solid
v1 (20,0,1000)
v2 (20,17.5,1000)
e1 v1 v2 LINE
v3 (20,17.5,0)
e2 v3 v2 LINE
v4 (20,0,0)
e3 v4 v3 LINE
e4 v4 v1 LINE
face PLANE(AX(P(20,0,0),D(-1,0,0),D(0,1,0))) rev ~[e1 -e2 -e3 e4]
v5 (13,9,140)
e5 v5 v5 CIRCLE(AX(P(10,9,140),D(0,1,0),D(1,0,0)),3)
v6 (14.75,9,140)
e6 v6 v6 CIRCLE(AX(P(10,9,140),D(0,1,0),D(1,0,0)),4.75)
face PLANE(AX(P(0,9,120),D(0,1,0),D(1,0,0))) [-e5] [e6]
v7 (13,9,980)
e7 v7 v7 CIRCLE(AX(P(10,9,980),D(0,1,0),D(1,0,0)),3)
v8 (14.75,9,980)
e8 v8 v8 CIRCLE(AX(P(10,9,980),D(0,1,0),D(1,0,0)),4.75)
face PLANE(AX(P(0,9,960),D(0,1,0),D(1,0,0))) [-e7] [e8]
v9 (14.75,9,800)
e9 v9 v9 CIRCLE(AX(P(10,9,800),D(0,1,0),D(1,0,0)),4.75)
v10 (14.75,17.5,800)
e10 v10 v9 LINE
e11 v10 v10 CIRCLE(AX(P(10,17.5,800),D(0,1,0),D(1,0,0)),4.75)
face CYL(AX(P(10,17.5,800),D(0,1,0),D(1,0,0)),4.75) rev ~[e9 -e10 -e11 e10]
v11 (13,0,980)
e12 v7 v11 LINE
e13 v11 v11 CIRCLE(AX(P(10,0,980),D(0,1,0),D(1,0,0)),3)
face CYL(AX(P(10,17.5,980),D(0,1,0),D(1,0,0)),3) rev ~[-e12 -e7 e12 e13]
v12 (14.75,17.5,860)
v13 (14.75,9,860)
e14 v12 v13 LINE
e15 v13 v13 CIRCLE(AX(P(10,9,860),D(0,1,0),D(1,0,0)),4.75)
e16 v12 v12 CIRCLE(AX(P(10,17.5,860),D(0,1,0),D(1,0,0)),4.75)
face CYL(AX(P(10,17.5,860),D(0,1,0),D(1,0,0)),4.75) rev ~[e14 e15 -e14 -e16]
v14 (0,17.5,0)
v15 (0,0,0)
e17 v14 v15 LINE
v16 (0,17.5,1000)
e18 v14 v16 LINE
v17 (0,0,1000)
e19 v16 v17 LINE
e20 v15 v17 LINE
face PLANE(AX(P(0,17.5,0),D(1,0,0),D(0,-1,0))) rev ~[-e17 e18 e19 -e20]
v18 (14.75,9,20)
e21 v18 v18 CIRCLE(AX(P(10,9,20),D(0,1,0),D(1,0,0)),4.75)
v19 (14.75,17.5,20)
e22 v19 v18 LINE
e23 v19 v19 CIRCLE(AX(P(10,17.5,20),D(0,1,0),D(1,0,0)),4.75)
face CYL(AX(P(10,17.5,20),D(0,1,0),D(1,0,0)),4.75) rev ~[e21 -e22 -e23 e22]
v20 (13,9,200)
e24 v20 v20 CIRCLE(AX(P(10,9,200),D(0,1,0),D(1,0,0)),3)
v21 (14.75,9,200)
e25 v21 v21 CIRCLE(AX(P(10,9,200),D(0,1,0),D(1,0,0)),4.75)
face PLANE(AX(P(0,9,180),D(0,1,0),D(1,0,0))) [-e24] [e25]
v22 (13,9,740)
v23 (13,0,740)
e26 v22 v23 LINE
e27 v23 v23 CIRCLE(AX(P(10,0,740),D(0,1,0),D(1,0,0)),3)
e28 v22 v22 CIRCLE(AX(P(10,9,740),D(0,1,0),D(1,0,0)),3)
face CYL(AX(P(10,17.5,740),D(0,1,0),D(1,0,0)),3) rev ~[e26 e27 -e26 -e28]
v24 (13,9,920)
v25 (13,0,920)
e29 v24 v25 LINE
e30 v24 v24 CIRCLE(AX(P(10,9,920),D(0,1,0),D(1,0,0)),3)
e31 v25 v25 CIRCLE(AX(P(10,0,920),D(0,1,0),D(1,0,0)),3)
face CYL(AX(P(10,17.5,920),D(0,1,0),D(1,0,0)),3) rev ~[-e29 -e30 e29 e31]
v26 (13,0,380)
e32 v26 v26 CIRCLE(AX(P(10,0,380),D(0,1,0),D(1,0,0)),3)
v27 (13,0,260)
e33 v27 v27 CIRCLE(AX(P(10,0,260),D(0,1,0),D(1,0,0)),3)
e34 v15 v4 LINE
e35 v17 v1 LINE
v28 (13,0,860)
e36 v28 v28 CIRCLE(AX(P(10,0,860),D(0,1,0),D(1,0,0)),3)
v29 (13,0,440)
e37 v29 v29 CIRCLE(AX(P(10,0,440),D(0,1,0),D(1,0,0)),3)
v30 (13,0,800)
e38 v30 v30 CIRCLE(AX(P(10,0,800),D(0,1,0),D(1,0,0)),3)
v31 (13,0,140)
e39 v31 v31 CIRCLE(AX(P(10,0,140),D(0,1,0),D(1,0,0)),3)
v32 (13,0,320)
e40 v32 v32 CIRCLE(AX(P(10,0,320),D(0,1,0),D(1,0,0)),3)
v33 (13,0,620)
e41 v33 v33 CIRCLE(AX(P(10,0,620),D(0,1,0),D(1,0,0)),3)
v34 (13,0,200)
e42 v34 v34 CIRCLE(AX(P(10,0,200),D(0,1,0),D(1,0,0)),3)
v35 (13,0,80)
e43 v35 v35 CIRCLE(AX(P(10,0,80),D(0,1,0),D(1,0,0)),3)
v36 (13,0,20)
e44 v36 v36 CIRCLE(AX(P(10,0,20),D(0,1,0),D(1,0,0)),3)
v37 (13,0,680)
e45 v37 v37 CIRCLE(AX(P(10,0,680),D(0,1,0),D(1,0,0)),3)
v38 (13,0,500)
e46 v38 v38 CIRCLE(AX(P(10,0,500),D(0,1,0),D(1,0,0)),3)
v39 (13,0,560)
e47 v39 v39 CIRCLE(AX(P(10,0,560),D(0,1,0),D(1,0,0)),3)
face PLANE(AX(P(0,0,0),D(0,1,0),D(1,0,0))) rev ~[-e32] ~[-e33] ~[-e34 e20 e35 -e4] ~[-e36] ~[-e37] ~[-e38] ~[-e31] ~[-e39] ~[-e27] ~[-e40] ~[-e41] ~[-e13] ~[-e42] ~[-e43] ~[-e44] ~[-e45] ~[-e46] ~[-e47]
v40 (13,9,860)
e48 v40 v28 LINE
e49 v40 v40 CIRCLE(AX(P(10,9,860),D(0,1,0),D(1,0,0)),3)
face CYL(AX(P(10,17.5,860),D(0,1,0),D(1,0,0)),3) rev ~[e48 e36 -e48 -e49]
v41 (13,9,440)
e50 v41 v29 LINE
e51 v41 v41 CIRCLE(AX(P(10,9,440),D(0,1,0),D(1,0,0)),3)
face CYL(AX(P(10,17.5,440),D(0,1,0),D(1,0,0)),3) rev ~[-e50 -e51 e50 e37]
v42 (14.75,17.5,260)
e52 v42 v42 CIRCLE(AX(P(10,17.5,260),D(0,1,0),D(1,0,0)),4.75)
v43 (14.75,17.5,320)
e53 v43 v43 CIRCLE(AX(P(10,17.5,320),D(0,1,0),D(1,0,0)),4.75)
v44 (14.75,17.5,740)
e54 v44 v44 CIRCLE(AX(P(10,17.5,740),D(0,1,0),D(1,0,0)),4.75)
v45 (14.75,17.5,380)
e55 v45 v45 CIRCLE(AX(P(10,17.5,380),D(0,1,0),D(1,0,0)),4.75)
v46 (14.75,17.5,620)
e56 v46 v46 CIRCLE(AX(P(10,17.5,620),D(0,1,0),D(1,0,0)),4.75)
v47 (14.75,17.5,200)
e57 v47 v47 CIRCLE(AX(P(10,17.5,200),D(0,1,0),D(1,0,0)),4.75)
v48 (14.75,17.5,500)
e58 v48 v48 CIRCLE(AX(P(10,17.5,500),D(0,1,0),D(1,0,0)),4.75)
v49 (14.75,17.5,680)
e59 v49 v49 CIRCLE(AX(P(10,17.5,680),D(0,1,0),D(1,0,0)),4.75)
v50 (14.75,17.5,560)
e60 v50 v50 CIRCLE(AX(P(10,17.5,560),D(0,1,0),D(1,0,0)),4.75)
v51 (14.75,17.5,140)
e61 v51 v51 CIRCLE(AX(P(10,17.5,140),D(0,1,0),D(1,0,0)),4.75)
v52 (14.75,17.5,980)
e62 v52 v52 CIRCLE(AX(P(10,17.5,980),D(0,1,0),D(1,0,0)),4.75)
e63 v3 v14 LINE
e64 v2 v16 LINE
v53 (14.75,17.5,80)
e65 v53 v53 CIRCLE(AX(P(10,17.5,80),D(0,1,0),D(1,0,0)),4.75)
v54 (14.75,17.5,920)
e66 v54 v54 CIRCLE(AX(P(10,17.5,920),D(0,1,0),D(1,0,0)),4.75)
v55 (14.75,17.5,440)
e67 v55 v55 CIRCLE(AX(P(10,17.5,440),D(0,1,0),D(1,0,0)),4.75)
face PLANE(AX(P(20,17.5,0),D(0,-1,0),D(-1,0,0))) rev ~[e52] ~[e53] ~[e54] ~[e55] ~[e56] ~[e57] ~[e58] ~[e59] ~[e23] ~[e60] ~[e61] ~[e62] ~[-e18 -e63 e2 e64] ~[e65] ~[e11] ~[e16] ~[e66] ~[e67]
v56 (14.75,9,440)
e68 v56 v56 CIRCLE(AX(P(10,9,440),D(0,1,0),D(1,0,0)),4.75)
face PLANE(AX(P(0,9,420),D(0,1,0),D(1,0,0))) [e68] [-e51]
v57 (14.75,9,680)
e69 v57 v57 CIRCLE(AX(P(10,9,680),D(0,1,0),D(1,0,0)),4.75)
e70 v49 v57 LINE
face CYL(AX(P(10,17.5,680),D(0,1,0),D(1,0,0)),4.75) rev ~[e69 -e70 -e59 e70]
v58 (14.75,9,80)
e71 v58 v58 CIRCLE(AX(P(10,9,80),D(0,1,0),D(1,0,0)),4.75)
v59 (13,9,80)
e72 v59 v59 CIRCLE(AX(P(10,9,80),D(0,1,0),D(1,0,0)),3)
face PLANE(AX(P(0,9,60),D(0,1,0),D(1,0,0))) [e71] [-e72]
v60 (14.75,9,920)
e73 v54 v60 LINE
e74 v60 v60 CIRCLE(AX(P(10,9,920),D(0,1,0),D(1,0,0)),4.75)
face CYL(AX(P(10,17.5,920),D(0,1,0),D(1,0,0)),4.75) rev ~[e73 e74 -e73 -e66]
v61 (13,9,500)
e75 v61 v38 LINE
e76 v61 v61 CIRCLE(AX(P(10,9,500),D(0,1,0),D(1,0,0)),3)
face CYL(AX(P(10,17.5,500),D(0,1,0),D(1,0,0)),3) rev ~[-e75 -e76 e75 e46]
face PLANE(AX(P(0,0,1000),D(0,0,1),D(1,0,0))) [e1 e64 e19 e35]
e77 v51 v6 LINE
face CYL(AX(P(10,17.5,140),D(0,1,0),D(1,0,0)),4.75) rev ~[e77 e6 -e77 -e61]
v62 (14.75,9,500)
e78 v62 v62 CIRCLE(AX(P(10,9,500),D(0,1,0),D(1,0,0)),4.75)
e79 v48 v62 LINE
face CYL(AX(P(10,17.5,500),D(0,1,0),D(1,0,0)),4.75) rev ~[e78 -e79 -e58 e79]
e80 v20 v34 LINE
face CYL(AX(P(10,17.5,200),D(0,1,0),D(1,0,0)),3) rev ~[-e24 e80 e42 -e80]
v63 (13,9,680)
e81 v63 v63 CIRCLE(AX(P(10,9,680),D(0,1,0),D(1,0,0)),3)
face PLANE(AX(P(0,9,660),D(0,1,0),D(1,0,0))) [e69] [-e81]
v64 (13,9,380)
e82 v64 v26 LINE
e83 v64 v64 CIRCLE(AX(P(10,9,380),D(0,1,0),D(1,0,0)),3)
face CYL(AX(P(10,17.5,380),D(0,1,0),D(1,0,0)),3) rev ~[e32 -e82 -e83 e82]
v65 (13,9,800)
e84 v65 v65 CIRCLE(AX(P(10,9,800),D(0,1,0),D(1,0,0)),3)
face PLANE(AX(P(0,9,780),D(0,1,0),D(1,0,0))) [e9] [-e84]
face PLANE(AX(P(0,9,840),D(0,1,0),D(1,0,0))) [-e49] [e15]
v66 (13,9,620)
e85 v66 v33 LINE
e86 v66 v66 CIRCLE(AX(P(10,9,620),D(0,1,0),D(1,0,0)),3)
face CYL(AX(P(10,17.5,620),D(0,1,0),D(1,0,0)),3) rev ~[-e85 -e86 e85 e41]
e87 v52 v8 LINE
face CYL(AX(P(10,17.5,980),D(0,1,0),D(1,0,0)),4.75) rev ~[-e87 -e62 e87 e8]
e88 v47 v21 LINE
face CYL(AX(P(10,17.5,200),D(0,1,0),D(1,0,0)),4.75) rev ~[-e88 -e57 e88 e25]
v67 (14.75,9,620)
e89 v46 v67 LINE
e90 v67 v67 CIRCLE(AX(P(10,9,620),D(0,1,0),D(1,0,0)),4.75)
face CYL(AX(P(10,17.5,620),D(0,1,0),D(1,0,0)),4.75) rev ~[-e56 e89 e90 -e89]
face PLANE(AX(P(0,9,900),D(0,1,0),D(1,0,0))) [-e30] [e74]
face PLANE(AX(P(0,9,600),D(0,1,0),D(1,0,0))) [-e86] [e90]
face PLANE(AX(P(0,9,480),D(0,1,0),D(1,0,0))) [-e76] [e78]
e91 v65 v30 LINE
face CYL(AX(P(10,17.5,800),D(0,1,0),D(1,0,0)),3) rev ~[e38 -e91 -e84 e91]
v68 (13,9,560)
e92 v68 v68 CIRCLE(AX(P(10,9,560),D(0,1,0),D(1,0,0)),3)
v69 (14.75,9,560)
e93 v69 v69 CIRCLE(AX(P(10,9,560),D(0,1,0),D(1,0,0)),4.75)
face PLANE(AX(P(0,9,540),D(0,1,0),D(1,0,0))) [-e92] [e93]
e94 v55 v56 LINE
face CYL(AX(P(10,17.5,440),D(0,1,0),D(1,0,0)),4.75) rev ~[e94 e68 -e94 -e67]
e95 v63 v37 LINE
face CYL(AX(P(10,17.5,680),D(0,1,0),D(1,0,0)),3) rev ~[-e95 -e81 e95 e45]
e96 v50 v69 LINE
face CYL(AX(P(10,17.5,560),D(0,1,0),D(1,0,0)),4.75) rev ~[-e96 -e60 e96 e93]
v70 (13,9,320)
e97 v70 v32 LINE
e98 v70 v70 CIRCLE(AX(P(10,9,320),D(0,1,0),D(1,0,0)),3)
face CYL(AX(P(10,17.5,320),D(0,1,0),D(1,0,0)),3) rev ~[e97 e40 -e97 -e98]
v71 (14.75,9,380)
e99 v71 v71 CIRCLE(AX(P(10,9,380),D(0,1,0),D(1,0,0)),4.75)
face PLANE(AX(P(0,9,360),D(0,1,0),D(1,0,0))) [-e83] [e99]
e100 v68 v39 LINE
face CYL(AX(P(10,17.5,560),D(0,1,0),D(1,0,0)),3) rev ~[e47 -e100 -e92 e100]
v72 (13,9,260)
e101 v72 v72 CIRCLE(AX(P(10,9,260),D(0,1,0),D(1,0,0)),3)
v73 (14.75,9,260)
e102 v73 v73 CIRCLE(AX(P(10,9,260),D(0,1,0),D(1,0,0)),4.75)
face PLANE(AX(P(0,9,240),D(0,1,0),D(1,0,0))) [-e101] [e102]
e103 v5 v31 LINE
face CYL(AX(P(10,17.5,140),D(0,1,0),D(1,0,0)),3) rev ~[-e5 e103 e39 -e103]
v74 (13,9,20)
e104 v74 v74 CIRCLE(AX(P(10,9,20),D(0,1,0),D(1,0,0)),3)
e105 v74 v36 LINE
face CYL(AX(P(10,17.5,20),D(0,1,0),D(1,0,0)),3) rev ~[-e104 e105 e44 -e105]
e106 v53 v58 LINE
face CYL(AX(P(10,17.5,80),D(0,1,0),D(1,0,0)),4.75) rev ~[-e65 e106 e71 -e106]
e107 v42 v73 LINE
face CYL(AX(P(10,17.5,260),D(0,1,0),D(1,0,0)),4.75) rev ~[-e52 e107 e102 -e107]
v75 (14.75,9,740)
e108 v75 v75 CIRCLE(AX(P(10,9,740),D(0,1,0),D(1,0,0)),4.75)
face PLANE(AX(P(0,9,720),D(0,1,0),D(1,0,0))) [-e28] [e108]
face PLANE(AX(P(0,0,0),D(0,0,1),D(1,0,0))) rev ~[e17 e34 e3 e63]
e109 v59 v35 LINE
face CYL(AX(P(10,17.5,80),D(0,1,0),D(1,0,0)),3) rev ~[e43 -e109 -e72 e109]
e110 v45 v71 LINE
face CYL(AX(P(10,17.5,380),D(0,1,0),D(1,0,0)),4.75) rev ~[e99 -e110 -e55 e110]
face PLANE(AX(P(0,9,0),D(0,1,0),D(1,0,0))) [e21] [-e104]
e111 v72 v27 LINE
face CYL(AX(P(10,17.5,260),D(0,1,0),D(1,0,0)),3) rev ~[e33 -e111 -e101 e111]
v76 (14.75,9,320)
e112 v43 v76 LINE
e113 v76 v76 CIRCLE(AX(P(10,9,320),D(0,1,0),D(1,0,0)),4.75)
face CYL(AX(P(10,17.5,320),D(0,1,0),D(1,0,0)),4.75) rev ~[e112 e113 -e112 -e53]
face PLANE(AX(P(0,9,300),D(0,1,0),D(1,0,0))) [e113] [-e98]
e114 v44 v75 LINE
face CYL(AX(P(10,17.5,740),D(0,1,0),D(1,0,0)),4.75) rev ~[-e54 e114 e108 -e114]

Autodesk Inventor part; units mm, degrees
ref_plane "YZ Plane" through (0, 0, 0) normal (1, 0, 0) x (0, 1, 0)
ref_plane "XZ Plane" through (0, 0, 0) normal (0, 1, 0) x (-1, 0, 0)
ref_plane "XY Plane" through (0, 0, 0) normal (0, 0, 1) x (1, 0, 0)
sketch "Sketch1" plane through (0, 0, 0) normal (0, 0, 1) x (1, 0, 0)
  line L0 (0, 0) -> (20, 0)
  line L1 (20, 0) -> (20, 17.5)
  line L2 (20, 17.5) -> (0, 17.5)
  line L3 (0, 17.5) -> (0, 0)
  dimension "d0" = 20
  dimension "d1" = 17.5
extrude "Extrusion1" add sketch "Sketch1" along normal blind 1000
sketch "Sketch2" plane through (0, 17.5, 0) normal (0, 1, 0) x (1, 0, 0)
  circle A0 centre (10, -20) radius 3
  line L0 (20, 0) -> (0, 0) projected
  point P0 (10, 0)
  dimension "d4" = 6
  dimension "d5" = 20
extrude "Extrusion2" cut sketch "Sketch2" against normal up to surface (17.5 mm away)
sketch "Sketch3" plane through (0, 17.5, 0) normal (0, 1, 0) x (1, 0, 0)
  circle A0 centre (10, -20) radius 4.75
  circle A1 centre (10, -20) radius 3 construction
  point P0 (0, 0)
  dimension "d8" = 9.5
extrude "Extrusion3" cut sketch "Sketch3" against normal blind 8.5
pattern_linear "Rectangular Pattern1" count 18 spacing 60 along (0, 0, 1) of "Extrusion2", "Extrusion3"
properties part number "HGW20CC_Rack"
